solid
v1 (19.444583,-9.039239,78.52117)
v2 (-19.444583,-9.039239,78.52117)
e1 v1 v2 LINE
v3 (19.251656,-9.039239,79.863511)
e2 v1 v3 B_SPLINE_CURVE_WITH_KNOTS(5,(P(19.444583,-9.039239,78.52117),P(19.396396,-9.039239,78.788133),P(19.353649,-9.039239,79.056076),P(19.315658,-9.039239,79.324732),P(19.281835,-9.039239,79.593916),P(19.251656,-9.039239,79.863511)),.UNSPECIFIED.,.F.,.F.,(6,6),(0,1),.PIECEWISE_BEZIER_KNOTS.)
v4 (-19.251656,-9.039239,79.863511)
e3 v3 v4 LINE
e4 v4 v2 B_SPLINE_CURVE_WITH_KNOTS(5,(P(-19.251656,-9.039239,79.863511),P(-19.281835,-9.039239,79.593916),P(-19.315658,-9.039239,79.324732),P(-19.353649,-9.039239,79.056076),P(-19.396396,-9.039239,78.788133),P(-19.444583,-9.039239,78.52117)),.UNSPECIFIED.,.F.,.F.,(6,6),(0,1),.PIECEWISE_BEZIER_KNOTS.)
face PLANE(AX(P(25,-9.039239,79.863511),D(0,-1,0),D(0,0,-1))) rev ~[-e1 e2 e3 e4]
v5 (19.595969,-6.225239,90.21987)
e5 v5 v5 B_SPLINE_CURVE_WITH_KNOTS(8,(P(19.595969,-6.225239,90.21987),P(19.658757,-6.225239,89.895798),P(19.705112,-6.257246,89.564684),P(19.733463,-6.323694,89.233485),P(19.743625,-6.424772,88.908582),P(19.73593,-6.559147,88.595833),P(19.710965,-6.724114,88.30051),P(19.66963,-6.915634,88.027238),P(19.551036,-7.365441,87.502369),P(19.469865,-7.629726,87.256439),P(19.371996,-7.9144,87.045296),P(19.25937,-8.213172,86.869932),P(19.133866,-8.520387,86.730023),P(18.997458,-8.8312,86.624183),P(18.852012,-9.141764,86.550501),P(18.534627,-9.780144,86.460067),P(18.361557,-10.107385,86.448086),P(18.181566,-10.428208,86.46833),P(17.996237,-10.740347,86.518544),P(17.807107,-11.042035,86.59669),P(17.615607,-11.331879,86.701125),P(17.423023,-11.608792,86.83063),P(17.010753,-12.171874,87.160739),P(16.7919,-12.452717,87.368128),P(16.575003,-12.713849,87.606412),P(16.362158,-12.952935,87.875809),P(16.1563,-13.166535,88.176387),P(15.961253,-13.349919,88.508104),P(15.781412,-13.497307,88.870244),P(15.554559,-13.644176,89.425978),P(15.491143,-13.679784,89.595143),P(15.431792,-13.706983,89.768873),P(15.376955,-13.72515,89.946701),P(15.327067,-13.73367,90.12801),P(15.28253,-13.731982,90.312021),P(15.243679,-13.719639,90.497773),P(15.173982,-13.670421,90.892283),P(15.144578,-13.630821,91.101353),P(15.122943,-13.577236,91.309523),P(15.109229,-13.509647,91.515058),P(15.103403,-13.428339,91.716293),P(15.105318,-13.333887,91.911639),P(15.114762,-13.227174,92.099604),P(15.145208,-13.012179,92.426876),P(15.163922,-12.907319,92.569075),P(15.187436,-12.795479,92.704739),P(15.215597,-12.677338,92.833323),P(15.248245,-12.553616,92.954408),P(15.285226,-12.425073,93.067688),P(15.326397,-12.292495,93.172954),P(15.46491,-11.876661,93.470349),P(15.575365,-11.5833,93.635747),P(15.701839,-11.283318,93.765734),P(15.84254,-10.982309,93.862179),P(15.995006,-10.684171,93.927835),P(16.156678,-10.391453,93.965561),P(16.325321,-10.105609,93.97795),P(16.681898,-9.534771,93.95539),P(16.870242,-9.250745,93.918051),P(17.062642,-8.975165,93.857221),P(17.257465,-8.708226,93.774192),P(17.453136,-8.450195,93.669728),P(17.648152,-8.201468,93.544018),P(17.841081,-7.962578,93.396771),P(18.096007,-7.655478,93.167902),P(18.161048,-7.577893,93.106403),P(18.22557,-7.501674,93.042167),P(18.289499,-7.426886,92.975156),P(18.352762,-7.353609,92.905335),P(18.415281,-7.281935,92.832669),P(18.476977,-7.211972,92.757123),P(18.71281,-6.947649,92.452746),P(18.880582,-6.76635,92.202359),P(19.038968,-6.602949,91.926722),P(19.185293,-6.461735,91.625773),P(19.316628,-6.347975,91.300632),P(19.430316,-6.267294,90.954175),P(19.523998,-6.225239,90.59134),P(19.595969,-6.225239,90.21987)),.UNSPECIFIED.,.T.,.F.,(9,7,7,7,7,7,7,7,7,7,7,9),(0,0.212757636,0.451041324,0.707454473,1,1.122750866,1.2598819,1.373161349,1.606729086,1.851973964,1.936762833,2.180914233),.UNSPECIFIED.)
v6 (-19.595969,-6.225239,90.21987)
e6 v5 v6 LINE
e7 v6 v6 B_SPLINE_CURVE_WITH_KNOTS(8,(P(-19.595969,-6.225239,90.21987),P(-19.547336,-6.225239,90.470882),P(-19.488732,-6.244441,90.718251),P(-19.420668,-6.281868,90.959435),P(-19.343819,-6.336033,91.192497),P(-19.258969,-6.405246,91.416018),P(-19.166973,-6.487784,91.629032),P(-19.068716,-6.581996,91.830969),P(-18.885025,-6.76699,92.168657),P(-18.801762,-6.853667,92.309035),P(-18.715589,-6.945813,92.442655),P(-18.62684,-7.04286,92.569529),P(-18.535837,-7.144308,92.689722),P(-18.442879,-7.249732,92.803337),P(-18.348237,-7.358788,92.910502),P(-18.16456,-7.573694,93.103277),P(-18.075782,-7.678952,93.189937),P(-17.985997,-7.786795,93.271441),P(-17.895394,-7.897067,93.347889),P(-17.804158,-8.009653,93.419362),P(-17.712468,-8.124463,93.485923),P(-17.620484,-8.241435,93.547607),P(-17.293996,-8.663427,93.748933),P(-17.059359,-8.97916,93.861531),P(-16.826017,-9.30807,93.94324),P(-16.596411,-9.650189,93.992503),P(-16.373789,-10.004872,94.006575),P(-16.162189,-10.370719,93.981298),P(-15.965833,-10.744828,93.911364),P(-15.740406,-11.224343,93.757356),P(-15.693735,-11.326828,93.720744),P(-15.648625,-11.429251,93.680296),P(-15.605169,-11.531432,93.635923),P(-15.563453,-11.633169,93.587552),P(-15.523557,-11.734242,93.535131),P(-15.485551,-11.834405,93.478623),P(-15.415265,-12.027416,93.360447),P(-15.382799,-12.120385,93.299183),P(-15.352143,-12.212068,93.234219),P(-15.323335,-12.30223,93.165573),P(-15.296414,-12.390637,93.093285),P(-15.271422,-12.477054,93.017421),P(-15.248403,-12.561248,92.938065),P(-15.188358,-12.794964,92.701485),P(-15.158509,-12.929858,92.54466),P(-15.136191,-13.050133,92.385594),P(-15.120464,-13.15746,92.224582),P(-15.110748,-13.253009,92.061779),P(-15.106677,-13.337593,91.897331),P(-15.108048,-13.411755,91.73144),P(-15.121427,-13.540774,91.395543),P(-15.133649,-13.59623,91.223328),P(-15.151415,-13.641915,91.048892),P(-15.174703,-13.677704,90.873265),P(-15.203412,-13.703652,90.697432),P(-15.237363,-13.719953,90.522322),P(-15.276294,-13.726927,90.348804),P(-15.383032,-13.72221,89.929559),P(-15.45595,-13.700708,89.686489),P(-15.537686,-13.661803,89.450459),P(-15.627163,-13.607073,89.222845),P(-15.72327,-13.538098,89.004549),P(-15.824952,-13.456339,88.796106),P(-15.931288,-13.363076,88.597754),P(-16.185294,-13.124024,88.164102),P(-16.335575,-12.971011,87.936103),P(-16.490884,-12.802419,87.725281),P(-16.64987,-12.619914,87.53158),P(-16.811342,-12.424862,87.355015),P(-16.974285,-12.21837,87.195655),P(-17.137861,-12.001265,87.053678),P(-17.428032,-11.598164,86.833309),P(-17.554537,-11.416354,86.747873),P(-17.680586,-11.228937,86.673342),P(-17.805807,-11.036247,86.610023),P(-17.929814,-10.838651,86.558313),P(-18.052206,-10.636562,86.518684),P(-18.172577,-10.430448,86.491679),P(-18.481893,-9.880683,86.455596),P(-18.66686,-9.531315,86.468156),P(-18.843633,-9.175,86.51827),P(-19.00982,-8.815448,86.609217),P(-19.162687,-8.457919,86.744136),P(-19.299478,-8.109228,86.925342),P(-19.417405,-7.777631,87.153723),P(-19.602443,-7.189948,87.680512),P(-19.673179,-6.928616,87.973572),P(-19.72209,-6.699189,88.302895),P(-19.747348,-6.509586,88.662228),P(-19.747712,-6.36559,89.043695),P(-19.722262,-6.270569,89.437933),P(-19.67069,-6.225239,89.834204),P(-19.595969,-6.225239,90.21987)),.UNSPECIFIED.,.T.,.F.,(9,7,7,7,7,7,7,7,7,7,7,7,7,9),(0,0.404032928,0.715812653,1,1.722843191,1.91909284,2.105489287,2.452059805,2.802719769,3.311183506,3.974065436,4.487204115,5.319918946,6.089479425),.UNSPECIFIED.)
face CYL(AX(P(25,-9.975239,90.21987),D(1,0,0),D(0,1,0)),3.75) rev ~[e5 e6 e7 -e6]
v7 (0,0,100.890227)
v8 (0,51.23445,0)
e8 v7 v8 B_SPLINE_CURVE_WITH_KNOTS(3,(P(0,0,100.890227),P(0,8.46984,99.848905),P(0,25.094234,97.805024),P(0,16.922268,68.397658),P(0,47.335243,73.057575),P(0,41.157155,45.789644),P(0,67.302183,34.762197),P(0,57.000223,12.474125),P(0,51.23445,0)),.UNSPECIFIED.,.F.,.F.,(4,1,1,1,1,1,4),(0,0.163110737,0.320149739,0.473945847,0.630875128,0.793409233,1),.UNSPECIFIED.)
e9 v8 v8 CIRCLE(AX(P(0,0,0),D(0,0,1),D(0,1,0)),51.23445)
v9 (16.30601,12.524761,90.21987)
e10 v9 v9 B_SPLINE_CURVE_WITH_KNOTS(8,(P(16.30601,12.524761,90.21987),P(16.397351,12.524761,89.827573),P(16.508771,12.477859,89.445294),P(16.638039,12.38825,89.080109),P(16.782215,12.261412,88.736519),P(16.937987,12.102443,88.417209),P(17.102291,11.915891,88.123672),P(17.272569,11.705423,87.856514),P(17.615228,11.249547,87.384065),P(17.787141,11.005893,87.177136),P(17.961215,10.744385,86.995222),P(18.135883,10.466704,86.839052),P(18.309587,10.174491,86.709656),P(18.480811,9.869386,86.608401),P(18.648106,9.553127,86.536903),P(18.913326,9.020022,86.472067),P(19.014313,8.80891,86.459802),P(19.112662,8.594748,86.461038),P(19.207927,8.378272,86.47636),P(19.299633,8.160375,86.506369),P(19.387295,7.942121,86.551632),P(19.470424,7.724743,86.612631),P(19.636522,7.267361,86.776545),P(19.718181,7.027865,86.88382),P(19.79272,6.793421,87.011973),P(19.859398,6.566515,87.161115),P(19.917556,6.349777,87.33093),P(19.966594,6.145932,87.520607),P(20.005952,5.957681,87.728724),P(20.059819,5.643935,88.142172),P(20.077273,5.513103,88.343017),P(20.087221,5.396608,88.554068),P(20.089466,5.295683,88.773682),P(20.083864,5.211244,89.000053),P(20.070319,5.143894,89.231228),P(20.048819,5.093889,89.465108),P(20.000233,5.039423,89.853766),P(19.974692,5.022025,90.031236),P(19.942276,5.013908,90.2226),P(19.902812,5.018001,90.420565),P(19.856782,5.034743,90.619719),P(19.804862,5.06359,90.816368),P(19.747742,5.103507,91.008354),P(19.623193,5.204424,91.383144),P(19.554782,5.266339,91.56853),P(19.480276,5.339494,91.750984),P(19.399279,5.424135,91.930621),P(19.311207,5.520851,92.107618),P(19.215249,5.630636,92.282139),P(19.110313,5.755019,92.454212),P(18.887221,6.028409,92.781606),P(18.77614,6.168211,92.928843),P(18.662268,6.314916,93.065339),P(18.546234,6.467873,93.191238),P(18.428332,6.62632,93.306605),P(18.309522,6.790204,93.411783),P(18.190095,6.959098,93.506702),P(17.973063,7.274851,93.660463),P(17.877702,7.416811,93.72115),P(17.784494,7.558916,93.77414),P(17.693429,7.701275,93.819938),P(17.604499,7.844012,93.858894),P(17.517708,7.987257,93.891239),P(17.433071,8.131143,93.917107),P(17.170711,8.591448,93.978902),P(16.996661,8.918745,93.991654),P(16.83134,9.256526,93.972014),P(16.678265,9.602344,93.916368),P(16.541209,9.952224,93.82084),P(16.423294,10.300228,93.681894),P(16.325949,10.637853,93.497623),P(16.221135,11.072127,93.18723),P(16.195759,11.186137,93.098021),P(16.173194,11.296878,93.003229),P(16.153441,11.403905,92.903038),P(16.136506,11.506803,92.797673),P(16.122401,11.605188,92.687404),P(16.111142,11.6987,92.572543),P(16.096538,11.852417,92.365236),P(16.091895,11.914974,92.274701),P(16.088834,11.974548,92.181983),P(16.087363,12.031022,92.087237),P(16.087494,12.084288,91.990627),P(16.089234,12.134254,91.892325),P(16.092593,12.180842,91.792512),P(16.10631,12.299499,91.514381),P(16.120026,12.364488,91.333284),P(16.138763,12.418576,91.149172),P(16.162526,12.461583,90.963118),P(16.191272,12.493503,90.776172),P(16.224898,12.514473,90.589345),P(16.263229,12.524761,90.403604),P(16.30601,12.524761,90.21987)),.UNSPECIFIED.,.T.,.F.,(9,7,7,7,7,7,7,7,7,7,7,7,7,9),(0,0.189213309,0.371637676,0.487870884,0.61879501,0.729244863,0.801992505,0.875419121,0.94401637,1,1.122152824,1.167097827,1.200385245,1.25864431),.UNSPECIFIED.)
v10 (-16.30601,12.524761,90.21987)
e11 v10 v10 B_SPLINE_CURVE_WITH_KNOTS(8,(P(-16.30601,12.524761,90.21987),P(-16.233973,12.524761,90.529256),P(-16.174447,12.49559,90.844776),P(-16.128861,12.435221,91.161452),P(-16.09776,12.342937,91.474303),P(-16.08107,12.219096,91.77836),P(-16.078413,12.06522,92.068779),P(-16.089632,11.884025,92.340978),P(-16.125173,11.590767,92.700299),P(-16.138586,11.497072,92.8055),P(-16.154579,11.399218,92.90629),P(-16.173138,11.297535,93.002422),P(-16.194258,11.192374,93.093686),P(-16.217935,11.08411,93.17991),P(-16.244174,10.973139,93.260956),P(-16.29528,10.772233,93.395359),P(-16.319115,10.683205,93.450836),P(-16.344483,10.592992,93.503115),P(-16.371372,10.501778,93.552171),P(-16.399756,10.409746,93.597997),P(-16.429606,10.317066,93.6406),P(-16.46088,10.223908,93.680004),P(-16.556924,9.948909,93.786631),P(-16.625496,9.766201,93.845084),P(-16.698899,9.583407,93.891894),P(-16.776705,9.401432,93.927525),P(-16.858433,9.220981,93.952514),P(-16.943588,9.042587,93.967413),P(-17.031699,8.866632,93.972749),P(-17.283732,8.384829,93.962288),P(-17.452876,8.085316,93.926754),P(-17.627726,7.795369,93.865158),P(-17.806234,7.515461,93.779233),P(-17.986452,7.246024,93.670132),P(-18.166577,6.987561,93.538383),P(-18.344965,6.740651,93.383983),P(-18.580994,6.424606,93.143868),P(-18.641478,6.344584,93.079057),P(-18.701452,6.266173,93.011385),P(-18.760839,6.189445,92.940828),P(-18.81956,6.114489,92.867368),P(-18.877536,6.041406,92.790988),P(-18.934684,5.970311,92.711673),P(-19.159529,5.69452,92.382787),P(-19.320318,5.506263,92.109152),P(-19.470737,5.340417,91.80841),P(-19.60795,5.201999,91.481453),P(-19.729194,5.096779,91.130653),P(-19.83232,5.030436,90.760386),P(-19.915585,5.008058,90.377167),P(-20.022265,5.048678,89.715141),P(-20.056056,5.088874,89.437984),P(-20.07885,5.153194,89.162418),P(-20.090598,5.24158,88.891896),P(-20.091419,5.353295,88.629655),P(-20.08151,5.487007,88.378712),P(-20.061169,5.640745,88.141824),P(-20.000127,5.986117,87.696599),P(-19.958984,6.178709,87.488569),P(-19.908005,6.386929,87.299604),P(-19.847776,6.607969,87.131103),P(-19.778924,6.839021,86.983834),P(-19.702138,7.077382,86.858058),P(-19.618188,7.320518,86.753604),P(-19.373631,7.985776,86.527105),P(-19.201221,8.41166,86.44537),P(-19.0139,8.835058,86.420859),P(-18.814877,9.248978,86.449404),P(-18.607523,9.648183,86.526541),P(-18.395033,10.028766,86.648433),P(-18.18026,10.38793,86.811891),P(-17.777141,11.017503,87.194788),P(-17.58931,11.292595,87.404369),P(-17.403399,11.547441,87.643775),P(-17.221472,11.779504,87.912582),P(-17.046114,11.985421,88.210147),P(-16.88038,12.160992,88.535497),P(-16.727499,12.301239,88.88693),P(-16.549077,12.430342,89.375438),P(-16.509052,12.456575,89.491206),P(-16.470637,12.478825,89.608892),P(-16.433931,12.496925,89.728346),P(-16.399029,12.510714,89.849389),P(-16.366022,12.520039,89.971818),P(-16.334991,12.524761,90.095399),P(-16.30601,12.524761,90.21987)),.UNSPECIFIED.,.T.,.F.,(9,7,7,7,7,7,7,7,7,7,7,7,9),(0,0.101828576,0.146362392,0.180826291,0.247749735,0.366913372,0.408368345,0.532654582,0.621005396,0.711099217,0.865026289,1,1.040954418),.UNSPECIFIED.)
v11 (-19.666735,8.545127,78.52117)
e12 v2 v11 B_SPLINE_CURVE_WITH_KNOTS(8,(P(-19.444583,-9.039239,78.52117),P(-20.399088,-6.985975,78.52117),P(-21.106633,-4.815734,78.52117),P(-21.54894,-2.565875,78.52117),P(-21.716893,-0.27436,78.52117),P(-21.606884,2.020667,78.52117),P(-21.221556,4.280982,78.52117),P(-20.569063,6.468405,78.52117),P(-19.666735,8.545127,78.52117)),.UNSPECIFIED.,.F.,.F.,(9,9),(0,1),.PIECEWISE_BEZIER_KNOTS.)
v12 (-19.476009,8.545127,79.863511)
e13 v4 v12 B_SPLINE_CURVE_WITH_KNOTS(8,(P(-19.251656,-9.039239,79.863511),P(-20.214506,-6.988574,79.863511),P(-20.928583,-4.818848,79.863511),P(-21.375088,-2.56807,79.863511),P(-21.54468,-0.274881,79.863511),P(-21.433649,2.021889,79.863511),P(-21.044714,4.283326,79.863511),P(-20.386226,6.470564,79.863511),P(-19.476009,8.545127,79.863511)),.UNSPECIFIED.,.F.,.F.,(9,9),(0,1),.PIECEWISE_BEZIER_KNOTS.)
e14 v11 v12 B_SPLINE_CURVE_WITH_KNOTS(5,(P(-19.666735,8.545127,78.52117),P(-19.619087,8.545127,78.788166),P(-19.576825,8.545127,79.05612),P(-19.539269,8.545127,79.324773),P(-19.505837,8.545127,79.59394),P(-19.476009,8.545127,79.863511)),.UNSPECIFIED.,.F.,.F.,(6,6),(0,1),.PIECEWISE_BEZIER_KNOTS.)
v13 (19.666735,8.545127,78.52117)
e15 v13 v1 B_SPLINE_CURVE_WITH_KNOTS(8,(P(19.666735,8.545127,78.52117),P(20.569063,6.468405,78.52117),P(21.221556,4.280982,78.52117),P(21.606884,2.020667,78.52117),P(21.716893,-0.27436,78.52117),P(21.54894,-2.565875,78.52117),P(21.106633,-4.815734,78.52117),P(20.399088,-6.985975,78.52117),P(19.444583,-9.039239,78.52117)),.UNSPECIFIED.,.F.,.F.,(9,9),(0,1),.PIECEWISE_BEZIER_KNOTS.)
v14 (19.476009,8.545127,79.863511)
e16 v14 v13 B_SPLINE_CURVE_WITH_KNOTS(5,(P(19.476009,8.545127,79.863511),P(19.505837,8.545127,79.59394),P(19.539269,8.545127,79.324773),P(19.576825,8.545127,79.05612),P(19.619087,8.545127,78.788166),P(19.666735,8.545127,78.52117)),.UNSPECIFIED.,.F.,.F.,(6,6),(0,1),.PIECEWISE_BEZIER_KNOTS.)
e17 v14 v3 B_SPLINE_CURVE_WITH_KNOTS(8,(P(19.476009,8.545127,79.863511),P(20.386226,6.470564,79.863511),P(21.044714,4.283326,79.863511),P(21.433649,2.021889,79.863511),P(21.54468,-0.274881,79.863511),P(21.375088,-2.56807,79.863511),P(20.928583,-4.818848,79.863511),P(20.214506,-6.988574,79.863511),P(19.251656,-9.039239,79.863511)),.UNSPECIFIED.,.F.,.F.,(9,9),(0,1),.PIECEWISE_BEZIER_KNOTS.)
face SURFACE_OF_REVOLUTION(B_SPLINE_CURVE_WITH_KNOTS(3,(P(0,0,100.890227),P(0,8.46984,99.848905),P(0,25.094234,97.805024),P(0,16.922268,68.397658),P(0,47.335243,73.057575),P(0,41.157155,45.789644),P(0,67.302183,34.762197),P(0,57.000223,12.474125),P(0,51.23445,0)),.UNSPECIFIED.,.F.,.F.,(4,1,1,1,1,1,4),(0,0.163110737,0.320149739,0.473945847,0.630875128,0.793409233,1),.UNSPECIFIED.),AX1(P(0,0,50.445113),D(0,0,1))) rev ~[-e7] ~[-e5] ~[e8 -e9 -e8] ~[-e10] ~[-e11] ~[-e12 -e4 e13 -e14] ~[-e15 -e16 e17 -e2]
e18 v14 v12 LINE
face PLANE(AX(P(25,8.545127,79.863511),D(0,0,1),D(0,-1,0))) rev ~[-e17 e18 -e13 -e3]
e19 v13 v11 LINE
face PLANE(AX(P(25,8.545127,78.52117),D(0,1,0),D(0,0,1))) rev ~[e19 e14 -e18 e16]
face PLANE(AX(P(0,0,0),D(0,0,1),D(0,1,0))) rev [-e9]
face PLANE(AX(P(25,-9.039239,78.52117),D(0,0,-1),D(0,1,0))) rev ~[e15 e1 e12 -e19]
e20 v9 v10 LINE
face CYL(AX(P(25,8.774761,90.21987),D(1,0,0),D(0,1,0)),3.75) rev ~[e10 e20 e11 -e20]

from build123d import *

# Parameters (mm, degrees)
F3_R     = 3.75
F4_DEPTH = 85.4789151041


with BuildPart() as f1:
    # F0 (on Right) → F1 (revolve)
    with BuildSketch(Plane.YZ):
        with BuildLine():
            Line((0, 100.8902266622), (0, 0))
            Line((0, 0), (51.2344501913, 0))
            add(Edge.make_bspline(
                [(0, 100.8902266622), (8.4698401948, 99.8489049817), (25.0942340387, 97.8050244202), (16.922268422, 68.3976577996), (47.3352426346, 73.0575750985), (41.1571547393, 45.7896436353), (67.3021833836, 34.7621968521), (57.0002225573, 12.4741251049), (51.2344501913, 0)],
                knots=[0, 0, 0, 0, 0.1631107367, 0.3201497389, 0.4739458471, 0.6308751279, 0.7934092332, 1, 1, 1, 1], degree=3))
        make_face()
    revolve(axis=Axis((0, 0, 50.4451133311), (0, 0, 1)))

    # F3 (on offset) → F4 (cut, through all)
    with BuildSketch(Plane.YZ.offset(25)):
        with Locations((-9.9752387032, 90.2198702097)):
            Circle(F3_R)
        with Locations((8.7747612968, 90.2198702097)):
            Circle(F3_R)
        Polygon((8.545126766, 79.8635110259), (0, 79.8635110259), (-9.0392390266, 79.8635110259), (-9.0392390266, 78.5211697221), (8.545126766, 78.5211697221), align=None)
    extrude(amount=-F4_DEPTH, mode=Mode.SUBTRACT)


solid = f1.part
